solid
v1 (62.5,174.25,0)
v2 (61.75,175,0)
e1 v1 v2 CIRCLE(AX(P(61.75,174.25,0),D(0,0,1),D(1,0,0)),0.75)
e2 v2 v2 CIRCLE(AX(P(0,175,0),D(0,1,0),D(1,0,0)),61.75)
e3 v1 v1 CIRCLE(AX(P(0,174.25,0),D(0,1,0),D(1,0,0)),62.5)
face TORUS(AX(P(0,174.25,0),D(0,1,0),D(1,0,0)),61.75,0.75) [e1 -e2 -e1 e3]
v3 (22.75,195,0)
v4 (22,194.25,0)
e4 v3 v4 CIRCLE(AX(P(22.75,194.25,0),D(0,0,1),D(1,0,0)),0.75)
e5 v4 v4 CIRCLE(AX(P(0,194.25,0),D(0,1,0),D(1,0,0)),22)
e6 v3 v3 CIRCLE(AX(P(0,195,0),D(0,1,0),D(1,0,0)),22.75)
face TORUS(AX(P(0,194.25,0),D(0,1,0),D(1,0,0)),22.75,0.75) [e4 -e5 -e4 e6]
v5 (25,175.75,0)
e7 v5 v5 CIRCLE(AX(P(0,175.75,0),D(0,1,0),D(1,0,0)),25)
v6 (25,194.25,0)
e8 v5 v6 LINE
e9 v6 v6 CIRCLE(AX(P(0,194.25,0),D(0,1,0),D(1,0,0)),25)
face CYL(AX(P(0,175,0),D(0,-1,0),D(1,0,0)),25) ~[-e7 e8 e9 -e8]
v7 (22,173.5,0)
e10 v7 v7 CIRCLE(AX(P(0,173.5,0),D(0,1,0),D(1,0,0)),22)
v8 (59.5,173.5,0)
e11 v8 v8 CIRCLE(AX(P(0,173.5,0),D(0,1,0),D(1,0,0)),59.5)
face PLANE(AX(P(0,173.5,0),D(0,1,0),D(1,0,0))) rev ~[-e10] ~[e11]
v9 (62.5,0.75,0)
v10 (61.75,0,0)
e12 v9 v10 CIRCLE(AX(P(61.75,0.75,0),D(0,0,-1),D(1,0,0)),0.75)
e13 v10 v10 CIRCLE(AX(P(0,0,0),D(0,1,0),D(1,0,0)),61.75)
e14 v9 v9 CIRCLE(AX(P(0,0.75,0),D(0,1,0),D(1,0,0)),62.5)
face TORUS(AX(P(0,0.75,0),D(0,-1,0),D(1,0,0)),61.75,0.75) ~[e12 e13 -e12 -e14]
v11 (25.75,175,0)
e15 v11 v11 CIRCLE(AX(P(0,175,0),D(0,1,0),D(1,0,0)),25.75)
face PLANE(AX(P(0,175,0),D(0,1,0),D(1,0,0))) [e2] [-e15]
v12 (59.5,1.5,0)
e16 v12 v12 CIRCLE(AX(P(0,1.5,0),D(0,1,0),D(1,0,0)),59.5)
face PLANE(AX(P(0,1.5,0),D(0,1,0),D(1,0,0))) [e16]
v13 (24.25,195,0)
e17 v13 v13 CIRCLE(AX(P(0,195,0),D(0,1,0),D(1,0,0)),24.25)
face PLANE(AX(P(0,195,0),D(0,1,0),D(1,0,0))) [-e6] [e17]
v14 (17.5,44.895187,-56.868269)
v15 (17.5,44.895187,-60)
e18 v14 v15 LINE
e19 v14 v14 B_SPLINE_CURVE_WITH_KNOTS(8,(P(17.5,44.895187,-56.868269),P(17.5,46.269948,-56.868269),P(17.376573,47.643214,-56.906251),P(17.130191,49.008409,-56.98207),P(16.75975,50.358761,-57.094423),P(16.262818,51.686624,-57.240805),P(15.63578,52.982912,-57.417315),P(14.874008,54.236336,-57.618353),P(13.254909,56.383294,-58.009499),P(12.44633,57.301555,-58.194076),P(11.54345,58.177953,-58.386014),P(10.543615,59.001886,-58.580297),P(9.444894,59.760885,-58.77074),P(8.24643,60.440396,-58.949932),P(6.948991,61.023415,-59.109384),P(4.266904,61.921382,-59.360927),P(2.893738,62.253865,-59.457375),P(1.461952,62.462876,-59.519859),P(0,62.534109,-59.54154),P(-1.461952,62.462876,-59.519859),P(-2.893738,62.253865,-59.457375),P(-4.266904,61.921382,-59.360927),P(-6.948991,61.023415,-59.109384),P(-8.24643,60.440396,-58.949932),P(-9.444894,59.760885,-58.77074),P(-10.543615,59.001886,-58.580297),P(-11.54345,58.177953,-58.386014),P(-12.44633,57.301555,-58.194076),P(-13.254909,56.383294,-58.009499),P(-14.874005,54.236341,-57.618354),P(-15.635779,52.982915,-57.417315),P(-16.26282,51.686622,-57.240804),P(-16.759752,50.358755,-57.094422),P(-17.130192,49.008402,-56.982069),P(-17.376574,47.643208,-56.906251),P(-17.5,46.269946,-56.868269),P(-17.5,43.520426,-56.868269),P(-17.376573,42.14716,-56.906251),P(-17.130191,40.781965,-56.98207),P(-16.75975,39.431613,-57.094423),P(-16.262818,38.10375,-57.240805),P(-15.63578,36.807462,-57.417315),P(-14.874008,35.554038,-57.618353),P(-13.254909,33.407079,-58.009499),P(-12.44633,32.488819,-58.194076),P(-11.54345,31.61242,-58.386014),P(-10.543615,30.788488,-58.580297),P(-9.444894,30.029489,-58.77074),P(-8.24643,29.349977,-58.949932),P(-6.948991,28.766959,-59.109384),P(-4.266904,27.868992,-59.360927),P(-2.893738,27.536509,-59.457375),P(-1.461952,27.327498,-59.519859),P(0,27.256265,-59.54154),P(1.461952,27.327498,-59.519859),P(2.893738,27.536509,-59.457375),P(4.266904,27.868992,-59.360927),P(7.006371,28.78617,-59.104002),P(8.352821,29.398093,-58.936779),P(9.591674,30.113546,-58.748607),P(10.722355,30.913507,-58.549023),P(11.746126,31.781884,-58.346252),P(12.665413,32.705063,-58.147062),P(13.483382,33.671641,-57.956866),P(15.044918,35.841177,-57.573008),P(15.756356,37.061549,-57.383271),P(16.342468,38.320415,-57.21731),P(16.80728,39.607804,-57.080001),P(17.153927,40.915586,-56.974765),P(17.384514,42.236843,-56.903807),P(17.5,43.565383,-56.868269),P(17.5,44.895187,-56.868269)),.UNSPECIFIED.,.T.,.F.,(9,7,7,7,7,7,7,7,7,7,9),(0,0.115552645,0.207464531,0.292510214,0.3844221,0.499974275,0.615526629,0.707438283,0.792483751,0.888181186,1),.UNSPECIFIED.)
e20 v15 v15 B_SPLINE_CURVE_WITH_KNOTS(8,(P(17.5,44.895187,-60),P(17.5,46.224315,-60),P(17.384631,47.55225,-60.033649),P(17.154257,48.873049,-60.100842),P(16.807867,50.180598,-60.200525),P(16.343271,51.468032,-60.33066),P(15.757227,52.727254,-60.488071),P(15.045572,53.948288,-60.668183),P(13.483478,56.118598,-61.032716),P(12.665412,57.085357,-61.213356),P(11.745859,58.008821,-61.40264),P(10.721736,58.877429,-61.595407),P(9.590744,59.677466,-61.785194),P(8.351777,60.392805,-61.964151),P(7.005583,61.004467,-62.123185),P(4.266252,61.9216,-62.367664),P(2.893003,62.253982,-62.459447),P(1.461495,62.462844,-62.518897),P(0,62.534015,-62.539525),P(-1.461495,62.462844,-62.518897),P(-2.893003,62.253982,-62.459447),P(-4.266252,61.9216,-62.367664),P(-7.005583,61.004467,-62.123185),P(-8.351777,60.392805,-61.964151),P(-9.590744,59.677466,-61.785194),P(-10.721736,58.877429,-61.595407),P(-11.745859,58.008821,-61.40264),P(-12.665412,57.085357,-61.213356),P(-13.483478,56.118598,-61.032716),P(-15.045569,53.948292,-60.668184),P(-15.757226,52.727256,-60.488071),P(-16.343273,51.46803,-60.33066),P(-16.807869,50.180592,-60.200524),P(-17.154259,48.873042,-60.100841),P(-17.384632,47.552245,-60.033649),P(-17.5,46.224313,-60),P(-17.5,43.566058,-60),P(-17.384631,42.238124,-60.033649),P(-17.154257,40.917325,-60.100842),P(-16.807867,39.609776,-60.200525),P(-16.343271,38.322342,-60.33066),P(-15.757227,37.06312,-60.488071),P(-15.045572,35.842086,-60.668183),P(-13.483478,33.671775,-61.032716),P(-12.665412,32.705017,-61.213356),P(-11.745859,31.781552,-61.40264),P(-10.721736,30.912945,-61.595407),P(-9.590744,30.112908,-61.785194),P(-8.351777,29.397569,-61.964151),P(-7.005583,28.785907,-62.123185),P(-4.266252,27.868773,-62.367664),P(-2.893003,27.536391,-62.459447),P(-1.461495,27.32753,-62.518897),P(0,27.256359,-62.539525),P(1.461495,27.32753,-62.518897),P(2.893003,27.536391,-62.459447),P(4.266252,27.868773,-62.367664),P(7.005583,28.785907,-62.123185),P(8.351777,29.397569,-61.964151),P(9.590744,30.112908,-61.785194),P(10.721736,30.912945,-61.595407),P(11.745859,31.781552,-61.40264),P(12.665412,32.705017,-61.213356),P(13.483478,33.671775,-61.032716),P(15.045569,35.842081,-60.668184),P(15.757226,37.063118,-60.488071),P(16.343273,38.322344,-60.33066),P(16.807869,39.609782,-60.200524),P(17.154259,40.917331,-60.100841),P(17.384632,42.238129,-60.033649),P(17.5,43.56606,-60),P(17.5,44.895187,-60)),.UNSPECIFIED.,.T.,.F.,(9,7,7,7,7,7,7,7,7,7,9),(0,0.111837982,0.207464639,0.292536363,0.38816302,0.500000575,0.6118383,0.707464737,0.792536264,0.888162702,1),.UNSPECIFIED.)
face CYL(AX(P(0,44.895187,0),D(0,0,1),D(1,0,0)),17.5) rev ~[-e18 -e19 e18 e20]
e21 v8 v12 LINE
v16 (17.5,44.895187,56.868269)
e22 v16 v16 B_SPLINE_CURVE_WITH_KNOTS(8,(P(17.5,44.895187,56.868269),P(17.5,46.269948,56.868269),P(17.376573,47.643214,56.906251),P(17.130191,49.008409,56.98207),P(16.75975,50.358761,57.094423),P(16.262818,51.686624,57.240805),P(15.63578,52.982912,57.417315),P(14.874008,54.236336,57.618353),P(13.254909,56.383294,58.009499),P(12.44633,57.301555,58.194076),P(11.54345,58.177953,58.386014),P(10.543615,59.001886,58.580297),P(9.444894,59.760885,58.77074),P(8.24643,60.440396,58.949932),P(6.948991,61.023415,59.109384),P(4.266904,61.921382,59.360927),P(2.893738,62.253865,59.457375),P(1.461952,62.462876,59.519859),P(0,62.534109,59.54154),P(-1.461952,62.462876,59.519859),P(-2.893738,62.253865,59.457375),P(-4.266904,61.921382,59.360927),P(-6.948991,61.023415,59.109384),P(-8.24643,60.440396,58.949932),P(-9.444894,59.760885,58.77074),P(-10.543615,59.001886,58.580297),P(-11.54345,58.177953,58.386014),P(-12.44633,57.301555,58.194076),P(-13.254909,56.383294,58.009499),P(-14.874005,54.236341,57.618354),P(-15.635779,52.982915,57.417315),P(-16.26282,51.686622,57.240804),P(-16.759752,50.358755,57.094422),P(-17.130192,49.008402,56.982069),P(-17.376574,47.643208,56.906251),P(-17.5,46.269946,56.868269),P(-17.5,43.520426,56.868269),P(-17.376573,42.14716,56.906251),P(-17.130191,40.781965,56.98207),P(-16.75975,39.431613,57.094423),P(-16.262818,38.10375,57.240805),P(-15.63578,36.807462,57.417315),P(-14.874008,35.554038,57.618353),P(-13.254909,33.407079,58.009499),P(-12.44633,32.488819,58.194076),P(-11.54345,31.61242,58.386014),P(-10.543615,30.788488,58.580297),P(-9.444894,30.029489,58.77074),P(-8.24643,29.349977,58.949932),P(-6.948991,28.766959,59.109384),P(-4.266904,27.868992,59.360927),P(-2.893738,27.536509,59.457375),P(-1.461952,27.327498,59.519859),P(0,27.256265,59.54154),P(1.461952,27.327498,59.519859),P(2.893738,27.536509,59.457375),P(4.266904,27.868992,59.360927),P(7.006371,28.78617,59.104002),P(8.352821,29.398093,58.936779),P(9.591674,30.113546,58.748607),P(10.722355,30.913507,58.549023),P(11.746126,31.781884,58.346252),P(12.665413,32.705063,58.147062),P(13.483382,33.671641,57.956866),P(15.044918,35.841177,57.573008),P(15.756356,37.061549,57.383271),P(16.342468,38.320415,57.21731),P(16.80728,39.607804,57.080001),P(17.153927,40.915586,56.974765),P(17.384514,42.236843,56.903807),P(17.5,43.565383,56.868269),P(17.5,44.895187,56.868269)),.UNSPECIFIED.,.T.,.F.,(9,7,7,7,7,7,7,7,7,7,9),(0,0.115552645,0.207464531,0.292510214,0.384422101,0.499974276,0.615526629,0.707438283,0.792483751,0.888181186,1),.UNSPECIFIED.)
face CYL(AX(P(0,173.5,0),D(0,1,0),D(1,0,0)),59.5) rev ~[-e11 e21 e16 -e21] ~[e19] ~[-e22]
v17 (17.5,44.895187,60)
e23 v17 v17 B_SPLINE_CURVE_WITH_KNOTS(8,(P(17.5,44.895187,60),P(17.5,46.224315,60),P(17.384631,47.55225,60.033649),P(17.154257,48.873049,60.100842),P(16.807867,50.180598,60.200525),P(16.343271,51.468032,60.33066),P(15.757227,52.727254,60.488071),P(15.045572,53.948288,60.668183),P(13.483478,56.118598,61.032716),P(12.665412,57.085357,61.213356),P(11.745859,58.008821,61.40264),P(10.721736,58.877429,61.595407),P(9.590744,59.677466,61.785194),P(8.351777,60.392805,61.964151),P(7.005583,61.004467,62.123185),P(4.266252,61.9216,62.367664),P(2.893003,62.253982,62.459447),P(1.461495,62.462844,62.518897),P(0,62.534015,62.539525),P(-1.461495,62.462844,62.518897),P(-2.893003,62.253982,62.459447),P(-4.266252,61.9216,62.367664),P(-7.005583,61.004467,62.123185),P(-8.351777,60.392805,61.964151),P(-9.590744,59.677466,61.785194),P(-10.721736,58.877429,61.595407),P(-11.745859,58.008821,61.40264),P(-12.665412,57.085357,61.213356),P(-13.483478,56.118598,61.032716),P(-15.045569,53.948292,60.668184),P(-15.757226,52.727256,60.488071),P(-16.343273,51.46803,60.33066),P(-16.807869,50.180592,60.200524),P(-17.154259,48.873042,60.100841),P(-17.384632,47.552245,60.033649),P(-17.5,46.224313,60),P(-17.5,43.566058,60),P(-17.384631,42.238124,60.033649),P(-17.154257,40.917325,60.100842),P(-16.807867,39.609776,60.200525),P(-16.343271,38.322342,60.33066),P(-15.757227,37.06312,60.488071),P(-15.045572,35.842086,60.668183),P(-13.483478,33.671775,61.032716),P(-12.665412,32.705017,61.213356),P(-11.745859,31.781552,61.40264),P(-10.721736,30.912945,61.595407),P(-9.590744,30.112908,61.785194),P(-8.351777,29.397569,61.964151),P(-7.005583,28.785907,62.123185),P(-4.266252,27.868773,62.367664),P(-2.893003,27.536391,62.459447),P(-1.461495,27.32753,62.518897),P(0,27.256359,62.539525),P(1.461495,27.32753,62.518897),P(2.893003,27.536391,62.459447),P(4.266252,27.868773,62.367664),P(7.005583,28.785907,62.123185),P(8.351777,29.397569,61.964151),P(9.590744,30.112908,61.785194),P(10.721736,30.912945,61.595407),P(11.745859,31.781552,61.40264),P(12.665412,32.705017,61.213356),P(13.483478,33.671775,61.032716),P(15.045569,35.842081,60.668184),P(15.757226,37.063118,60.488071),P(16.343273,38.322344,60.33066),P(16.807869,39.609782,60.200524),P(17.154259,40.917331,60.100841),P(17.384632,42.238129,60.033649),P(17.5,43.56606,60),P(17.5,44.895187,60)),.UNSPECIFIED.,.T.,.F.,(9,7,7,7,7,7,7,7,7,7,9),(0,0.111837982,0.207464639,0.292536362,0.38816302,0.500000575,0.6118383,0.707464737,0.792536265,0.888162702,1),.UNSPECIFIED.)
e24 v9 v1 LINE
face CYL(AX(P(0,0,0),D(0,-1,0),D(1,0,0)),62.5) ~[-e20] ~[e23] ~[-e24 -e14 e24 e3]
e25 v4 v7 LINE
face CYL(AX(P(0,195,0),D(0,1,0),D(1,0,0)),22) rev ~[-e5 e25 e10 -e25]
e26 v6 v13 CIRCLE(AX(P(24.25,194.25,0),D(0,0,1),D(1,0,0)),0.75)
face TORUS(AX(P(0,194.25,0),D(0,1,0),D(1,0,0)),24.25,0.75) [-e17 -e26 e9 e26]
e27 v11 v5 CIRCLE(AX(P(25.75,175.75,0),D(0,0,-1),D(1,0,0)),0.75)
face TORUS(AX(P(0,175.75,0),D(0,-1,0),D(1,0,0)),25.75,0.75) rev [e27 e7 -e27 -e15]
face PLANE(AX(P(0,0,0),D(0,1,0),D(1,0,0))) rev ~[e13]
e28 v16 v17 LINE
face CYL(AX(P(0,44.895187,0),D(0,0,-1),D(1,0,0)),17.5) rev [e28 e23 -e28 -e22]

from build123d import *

# Parameters (mm, degrees)
SKETCH1_R               = 62.5
BOSS_EXTRUDE1_DEPTH     = 175
CUT_EXTRUDE1_START      = -1.5
SKETCH2_R               = 59.5
CUT_EXTRUDE1_DEPTH      = 172
SKETCH3_R               = 25
BOSS_EXTRUDE2_DEPTH     = 20
SKETCH4_R               = 22
CUT_EXTRUDE2_DEPTH      = 30
FILLET1_R               = 0.75
SKETCH5_R               = 17.5
CUT_EXTRUDE3_DEPTH      = 63.5000001
CUT_EXTRUDE3_DEPTH_BACK = 70


with BuildPart() as part:
    # Sketch1 → Boss-Extrude1 (new body)
    with BuildSketch(Plane(origin=(0, 0, 0), x_dir=(1, 0, 0), z_dir=(0, 1, 0))):
        Circle(SKETCH1_R)
    extrude(amount=BOSS_EXTRUDE1_DEPTH)

    # Sketch2 → Cut-Extrude1 (cut)
    with BuildSketch(Plane(origin=(0, 175, 0), x_dir=(1, 0, 0), z_dir=(0, 1, 0)).offset(CUT_EXTRUDE1_START)):
        Circle(SKETCH2_R)
    extrude(amount=-CUT_EXTRUDE1_DEPTH, mode=Mode.SUBTRACT)

    # Sketch3 → Boss-Extrude2 (add)
    with BuildSketch(Plane(origin=(0, 175, 0), x_dir=(1, 0, 0), z_dir=(0, 1, 0))):
        Circle(SKETCH3_R)
    extrude(amount=BOSS_EXTRUDE2_DEPTH)

    # Sketch4 → Cut-Extrude2 (cut)
    with BuildSketch(Plane(origin=(0, 195, 0), x_dir=(1, 0, 0), z_dir=(0, 1, 0))):
        Circle(SKETCH4_R)
    extrude(amount=-CUT_EXTRUDE2_DEPTH, mode=Mode.SUBTRACT)

    # Fillet1
    fillet1_edges = [part.edges().sort_by_distance(p)[0] for p in [
        (-25, 175, 0),
        (-25, 195, 0),
        (-22, 195, 0),
        (-62.5, 0, 0),
        (-62.5, 175, 0),
    ]]
    fillet(fillet1_edges, radius=FILLET1_R)

    # Sketch5 → Cut-Extrude3 (cut, two sides)
    with BuildSketch(Plane.XY) as cut_extrude3_sk:
        with Locations((0, 44.895186866)):
            Circle(SKETCH5_R)
    extrude(amount=CUT_EXTRUDE3_DEPTH, mode=Mode.SUBTRACT)
    extrude(cut_extrude3_sk.sketch, amount=-CUT_EXTRUDE3_DEPTH_BACK, mode=Mode.SUBTRACT)


solid = part.part
